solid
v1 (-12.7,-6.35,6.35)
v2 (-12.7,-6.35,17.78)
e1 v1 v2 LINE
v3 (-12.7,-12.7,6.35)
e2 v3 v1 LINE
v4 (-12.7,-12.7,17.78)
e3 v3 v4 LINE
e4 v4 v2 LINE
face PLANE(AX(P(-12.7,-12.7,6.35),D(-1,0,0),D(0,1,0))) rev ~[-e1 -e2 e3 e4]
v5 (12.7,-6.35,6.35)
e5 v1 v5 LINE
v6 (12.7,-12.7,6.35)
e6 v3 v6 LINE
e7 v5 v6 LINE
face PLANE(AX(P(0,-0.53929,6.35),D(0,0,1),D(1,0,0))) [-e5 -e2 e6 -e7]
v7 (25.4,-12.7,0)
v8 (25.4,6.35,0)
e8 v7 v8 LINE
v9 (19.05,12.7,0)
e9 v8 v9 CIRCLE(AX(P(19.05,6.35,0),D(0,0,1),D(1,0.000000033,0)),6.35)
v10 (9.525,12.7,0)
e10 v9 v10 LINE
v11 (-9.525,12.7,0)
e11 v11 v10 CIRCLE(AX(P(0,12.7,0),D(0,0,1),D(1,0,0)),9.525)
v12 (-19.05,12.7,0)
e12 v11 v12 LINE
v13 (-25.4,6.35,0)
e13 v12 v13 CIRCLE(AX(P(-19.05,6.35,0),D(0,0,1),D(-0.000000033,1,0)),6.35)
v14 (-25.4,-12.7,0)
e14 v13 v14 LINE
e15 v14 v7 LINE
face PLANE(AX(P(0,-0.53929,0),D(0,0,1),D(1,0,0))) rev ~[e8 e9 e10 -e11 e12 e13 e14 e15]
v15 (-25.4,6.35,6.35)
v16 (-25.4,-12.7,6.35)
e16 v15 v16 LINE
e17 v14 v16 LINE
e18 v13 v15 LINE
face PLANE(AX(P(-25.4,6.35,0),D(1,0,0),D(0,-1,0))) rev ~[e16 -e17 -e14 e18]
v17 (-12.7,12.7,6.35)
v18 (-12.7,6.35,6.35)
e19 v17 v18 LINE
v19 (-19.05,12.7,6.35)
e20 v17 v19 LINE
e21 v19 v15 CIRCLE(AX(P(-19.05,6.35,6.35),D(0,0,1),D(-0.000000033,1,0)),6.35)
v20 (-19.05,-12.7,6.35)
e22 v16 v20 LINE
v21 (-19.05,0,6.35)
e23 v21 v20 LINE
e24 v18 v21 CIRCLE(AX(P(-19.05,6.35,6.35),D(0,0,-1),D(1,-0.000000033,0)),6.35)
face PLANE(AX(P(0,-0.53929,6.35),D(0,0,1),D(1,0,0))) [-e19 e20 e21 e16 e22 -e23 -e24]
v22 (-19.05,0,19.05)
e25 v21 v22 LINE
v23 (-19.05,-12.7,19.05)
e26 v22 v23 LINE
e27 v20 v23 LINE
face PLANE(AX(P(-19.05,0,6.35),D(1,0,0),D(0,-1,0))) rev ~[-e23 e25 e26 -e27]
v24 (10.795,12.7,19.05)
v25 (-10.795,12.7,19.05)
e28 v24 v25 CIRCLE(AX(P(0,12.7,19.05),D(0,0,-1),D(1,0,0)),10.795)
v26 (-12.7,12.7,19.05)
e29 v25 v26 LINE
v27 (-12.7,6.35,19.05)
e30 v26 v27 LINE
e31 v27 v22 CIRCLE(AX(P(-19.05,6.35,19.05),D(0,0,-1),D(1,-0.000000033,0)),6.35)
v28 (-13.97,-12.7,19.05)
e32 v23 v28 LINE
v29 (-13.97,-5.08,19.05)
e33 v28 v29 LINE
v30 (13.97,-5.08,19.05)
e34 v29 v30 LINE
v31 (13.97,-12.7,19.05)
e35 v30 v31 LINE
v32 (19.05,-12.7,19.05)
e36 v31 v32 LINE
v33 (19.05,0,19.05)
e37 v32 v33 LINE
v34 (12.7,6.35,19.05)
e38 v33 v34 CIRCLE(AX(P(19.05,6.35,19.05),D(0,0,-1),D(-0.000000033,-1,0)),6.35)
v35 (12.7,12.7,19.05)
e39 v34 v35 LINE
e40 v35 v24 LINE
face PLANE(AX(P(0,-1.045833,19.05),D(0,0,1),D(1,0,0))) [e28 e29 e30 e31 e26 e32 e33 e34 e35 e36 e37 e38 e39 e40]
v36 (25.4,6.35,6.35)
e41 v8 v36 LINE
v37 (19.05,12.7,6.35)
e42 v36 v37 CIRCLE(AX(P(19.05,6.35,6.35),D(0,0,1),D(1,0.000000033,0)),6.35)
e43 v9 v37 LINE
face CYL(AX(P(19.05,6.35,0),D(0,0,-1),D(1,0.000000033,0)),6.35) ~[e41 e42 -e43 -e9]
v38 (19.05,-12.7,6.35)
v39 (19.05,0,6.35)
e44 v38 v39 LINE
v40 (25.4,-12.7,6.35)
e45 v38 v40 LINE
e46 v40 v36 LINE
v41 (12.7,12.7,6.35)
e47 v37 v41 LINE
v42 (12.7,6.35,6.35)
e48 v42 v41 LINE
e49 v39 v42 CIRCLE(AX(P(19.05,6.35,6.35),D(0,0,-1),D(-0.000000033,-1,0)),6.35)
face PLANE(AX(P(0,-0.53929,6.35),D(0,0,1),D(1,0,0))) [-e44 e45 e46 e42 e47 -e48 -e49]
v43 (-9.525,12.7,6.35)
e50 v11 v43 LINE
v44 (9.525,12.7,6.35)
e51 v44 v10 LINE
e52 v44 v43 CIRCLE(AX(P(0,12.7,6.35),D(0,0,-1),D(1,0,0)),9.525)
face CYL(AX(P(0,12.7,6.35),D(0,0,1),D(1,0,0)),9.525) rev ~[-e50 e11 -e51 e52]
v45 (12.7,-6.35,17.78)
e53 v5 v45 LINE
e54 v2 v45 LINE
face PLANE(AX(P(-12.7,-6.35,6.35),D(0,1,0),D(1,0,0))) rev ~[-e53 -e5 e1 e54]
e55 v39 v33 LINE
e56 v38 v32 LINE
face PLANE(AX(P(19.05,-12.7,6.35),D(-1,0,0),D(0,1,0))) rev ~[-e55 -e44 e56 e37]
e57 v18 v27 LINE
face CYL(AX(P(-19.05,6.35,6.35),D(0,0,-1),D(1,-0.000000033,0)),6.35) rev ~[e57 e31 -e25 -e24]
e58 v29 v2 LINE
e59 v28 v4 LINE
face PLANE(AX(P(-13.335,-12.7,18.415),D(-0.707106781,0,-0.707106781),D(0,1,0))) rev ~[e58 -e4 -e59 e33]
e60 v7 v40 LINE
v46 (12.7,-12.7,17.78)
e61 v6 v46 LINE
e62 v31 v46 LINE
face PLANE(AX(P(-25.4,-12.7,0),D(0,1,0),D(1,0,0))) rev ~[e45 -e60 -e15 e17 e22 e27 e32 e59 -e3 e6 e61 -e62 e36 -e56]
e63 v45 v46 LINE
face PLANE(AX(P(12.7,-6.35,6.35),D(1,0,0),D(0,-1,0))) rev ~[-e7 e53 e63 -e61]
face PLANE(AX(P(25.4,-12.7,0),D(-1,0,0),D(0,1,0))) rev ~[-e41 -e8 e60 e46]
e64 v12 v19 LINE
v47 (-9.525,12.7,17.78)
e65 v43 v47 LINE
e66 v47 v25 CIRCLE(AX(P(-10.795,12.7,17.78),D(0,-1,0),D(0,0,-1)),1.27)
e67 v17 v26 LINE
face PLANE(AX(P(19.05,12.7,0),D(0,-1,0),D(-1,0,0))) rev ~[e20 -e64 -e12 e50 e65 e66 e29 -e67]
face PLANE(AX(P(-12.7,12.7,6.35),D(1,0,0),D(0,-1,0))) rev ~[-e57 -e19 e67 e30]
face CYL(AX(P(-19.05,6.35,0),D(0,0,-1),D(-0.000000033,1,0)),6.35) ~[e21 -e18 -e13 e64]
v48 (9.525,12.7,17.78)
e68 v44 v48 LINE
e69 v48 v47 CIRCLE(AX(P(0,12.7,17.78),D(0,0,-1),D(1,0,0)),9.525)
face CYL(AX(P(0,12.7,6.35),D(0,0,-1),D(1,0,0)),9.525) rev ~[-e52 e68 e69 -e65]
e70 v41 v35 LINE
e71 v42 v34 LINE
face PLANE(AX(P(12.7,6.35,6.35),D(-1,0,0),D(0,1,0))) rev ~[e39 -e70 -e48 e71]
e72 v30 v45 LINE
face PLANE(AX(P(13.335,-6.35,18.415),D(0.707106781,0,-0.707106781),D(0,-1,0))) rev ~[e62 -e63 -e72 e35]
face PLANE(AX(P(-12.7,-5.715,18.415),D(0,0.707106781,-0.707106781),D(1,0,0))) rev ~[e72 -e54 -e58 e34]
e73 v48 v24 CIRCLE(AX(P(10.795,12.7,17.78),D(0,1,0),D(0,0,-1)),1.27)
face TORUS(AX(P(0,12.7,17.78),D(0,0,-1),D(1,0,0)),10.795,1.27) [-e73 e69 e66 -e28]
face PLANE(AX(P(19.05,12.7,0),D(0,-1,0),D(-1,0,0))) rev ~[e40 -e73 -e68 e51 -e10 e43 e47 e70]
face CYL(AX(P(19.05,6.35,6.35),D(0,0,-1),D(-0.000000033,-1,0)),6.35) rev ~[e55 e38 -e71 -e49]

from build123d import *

# Parameters (mm, degrees)
F1_DEPTH = 6.35
F3_DEPTH = 12.7
F4_R     = 9.525
F5_DEPTH = 25.4
F6_R     = 1.27
F7_SIZE  = 1.27


with BuildPart() as f1:
    # F0 (on Top) → F1 (new body)
    with BuildSketch(Plane.XY):
        with BuildLine():
            ThreePointArc((25.4, 6.35), (23.540128, 10.840128), (19.05, 12.7))
            Line((19.05, 12.7), (-19.05, 12.7))
            ThreePointArc((-19.05, 12.7), (-23.540128, 10.840128), (-25.4, 6.35))
            Line((-25.4, 6.35), (-25.4, -12.7))
            Line((-25.4, -12.7), (25.4, -12.7))
            Line((25.4, -12.7), (25.4, 6.35))
        make_face()
    extrude(amount=F1_DEPTH)

    # F2 (on face) → F3 (join)
    with BuildSketch(Plane.XY.offset(6.35)):
        with BuildLine():
            Line((-9.525, 12.7), (-12.7, 12.7))
            Line((-12.7, 12.7), (-12.7, 6.35))
            ThreePointArc((-12.7, 6.35), (-14.559872, 1.859872), (-19.05, 0))
            Line((-19.05, 0), (-19.05, -12.7))
            Line((-19.05, -12.7), (-12.7, -12.7))
            Line((-12.7, -12.7), (-12.7, -6.35))
            Line((-12.7, -6.35), (12.7, -6.35))
            Line((12.7, -6.35), (12.7, -12.7))
            Line((12.7, -12.7), (19.05, -12.7))
            Line((19.05, -12.7), (19.05, 0))
            ThreePointArc((19.05, 0), (14.559872, 1.859872), (12.7, 6.35))
            Line((12.7, 6.35), (12.7, 12.7))
            Line((12.7, 12.7), (9.525, 12.7))
            ThreePointArc((9.525, 12.7), (0, 3.175), (-9.525, 12.7))
        make_face()
    extrude(amount=F3_DEPTH)

    # F4 (on face) → F5 (cut)
    with BuildSketch(Plane.XY.offset(6.35)):
        with Locations((0, 12.7)):
            Circle(F4_R)
    extrude(amount=-F5_DEPTH, mode=Mode.SUBTRACT)

    # F6
    f6_edges = [f1.edges().sort_by_distance(p)[0] for p in [
        (0, 3.175, 19.05),
    ]]
    fillet(f6_edges, radius=F6_R)

    # F7
    f7_edges = [f1.edges().sort_by_distance(p)[0] for p in [
        (0, -6.35, 19.05),
        (12.7, -9.525, 19.05),
        (-12.7, -9.525, 19.05),
    ]]
    chamfer(f7_edges, length=F7_SIZE)


solid = f1.part
